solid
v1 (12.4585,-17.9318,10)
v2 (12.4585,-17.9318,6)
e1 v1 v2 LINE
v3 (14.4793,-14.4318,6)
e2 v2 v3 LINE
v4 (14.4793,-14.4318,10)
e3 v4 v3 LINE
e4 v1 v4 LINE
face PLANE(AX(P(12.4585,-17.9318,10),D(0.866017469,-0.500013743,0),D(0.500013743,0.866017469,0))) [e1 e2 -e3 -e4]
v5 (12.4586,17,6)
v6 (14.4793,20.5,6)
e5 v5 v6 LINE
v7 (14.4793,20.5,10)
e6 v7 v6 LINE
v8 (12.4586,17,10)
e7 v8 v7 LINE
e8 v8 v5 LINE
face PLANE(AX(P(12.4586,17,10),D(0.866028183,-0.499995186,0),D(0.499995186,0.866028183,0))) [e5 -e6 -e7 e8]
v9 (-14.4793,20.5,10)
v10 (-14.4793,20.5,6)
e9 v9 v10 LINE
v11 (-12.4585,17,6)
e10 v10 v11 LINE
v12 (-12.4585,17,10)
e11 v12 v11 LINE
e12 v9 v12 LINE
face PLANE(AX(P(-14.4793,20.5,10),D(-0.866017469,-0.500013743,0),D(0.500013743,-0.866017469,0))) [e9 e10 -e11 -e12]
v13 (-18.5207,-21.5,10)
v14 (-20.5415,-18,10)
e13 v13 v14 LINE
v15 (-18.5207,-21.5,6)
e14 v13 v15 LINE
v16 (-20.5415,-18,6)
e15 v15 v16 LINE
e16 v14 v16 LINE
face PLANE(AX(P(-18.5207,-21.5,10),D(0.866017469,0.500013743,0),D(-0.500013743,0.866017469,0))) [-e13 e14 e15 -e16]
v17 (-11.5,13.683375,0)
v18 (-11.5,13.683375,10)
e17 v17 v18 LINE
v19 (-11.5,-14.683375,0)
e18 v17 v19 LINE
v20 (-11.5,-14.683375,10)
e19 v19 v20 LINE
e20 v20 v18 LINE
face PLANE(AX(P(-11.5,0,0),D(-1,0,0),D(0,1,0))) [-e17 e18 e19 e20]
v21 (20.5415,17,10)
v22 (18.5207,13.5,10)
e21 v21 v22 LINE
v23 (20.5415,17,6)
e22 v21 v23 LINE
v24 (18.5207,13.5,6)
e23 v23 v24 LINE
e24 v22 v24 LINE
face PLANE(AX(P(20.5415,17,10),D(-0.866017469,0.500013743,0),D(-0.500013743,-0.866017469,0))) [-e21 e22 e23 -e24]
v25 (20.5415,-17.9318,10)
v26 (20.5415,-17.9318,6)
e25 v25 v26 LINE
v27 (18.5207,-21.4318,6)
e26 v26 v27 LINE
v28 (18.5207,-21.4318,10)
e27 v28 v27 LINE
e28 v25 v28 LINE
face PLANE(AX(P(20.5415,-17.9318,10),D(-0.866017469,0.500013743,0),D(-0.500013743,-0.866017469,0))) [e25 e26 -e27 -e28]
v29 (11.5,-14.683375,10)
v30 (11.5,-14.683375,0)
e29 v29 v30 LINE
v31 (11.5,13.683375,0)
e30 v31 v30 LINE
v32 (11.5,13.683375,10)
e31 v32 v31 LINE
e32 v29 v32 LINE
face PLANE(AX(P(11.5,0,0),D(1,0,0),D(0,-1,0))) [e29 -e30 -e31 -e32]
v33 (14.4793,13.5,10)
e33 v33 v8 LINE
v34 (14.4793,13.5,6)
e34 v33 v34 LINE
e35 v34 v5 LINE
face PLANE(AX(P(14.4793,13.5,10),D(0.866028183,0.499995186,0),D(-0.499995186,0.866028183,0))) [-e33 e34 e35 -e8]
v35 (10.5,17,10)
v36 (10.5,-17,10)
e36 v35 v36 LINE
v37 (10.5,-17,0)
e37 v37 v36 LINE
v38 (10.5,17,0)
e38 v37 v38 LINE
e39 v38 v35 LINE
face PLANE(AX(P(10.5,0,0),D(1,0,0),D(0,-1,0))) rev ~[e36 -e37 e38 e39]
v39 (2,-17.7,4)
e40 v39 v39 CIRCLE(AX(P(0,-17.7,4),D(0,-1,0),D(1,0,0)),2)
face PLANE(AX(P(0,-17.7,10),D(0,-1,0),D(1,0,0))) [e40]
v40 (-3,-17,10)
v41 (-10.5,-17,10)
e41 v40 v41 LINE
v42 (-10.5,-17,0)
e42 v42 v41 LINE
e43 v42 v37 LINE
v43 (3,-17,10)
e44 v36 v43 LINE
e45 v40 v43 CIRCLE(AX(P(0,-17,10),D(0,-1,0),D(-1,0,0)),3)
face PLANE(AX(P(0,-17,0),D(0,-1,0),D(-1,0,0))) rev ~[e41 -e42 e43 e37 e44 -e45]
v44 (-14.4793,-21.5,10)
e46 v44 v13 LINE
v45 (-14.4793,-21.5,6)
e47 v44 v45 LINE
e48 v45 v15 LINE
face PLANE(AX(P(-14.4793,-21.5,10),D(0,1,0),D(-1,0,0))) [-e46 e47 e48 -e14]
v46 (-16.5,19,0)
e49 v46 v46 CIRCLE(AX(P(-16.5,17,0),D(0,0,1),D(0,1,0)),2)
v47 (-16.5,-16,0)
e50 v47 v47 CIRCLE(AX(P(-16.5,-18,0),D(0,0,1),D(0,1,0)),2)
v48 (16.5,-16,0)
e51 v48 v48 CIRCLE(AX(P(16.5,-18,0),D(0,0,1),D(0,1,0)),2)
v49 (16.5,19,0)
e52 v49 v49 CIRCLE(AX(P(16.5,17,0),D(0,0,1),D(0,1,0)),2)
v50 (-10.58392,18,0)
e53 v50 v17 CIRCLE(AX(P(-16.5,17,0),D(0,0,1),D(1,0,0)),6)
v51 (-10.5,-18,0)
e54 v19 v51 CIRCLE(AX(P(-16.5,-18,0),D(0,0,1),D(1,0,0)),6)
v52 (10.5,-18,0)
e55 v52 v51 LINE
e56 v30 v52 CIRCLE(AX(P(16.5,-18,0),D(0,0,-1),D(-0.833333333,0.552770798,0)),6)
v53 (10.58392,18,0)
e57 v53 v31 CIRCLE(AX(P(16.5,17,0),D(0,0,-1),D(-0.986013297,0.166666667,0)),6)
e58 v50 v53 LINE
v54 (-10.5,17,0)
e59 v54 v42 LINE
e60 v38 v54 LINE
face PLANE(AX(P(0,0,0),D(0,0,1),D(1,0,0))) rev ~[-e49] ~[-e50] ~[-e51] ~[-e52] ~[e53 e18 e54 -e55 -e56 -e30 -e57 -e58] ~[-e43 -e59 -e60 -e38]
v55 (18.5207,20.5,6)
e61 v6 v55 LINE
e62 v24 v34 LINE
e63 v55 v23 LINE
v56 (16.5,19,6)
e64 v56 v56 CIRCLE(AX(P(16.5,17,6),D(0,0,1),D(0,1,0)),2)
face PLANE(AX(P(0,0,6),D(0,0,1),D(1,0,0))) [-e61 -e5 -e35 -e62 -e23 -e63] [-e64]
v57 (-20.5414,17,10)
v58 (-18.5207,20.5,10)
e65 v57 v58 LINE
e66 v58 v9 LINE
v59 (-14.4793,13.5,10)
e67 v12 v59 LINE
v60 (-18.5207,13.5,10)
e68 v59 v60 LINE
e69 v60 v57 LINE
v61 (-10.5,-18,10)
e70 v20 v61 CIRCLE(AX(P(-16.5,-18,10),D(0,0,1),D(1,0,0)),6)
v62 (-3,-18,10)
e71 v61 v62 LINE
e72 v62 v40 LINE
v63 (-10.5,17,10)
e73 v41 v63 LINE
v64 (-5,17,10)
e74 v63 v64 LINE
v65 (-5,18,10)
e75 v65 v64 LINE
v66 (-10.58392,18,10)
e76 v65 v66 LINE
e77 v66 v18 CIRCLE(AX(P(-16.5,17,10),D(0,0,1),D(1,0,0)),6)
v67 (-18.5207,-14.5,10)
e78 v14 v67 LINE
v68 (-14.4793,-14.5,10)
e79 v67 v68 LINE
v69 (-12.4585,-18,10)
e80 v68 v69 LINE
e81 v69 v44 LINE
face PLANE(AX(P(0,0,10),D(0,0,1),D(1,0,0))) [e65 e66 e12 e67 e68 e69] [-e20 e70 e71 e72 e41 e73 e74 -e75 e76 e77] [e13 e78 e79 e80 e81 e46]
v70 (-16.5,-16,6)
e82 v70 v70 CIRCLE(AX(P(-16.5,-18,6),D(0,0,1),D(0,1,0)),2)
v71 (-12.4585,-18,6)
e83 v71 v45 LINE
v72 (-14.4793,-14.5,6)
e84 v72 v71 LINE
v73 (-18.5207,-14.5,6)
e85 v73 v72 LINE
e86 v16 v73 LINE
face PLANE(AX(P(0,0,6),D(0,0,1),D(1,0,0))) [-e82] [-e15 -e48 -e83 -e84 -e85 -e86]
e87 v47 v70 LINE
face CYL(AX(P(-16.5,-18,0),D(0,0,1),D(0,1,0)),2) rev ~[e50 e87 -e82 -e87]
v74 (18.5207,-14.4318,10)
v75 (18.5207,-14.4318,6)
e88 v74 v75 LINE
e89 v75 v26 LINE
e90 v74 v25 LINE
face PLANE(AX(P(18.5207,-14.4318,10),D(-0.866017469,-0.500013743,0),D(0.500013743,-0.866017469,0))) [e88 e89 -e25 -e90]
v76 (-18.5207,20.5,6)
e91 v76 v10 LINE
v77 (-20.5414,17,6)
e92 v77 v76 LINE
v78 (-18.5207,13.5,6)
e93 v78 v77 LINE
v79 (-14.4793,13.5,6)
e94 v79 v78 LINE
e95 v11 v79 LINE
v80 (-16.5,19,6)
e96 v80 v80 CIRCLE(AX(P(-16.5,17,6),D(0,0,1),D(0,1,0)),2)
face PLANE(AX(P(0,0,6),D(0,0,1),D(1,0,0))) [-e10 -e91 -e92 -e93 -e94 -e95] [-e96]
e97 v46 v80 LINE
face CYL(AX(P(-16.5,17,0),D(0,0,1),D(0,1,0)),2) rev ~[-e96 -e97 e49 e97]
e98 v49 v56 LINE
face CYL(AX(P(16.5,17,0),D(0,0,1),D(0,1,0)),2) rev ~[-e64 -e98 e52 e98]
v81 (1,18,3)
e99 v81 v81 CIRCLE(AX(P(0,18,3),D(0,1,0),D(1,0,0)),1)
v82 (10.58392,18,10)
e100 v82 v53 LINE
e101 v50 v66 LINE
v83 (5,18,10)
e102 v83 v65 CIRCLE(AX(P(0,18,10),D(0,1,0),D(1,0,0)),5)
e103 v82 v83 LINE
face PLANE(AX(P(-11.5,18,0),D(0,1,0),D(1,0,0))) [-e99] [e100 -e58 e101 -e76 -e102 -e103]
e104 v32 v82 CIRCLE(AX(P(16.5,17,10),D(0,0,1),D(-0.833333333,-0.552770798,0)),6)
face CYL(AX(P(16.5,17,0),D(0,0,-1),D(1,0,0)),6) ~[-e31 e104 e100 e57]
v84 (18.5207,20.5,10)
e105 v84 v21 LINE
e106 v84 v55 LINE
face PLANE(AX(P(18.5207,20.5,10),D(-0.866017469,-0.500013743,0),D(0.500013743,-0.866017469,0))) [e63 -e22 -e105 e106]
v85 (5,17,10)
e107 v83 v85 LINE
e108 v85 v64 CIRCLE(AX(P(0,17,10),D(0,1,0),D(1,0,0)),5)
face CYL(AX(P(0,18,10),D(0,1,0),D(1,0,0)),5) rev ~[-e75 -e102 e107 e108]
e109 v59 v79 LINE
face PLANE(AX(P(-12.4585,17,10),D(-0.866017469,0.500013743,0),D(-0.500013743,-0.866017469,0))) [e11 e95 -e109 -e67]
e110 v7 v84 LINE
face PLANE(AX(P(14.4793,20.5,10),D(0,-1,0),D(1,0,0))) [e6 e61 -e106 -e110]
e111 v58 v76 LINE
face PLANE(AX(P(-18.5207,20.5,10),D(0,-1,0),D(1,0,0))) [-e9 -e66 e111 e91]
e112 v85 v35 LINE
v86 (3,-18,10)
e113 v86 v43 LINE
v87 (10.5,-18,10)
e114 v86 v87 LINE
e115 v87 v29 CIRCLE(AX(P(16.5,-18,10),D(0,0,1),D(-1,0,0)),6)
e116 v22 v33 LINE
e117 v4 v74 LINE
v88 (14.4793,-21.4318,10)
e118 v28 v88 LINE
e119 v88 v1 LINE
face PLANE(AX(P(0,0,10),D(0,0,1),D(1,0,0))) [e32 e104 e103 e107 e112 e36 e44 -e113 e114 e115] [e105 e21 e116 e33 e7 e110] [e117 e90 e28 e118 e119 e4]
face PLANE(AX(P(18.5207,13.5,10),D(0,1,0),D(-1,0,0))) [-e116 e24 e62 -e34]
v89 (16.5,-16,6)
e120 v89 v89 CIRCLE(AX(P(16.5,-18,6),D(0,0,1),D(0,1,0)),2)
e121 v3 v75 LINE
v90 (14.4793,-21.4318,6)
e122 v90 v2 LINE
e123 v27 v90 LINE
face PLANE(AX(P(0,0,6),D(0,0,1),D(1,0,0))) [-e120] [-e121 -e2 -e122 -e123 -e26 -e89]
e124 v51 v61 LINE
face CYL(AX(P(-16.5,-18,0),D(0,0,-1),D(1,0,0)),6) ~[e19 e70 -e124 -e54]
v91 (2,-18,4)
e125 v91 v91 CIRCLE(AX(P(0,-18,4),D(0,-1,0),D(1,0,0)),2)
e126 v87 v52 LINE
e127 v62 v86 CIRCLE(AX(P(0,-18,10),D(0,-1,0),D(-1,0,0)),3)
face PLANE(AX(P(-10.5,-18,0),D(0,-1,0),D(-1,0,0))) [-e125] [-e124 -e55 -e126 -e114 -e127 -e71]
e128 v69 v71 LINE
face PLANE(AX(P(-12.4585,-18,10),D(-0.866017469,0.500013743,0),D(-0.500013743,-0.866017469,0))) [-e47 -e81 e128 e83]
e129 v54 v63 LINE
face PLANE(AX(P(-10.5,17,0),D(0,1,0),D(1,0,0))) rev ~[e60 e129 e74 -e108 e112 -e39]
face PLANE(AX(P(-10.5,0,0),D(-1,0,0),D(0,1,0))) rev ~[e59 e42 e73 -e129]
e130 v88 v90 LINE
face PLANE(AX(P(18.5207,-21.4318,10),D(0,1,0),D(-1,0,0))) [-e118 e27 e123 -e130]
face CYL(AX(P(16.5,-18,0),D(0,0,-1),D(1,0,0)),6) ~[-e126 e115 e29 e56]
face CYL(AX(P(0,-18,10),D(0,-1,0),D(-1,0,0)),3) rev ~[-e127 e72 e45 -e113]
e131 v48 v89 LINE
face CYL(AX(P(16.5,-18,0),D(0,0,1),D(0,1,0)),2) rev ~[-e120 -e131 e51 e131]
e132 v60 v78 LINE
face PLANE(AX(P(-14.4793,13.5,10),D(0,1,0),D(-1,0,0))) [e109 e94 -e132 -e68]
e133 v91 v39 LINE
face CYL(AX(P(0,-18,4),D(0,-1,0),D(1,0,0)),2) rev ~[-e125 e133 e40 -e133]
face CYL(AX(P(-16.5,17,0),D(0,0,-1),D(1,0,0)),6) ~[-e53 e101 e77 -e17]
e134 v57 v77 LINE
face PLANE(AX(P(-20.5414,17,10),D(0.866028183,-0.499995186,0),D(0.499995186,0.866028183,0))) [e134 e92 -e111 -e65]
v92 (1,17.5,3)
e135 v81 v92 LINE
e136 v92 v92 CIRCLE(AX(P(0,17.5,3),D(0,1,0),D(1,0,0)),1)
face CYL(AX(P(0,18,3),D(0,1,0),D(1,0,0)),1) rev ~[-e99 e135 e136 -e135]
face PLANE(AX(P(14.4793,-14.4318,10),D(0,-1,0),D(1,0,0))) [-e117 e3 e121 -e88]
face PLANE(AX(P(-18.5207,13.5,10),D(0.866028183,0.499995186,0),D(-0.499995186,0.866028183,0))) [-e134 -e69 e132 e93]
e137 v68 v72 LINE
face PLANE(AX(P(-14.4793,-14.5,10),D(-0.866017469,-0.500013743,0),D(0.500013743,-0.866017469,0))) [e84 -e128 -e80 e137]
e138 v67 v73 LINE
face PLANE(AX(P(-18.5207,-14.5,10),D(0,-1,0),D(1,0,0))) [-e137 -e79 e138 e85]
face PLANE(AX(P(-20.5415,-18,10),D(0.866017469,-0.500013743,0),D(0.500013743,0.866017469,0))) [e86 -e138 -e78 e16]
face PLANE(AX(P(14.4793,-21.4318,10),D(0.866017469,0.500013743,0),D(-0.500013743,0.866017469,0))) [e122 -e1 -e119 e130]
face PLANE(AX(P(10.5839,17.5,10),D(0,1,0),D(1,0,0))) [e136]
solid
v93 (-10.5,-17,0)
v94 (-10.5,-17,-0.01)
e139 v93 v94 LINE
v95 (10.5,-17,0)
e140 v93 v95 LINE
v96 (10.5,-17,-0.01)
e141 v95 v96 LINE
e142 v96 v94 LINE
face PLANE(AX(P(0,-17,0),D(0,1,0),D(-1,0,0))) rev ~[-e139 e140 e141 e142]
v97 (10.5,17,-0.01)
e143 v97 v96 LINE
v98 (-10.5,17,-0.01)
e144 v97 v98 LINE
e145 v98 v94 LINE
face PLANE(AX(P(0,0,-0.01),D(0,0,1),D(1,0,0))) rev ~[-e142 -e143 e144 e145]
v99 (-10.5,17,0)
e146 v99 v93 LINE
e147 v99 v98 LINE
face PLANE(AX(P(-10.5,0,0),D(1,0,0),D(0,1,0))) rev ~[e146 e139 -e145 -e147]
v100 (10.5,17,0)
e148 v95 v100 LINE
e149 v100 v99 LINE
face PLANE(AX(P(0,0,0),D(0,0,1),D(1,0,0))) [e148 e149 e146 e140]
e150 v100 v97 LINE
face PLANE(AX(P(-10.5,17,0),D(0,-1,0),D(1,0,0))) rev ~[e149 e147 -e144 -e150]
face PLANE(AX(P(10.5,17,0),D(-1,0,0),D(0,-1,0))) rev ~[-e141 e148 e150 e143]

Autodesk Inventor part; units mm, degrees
ref_plane "YZ Plane" through (0, 0, 0) normal (1, 0, 0) x (0, 1, 0)
ref_plane "XZ Plane" through (0, 0, 0) normal (0, 1, 0) x (-1, 0, 0)
ref_plane "XY Plane" through (0, 0, 0) normal (0, 0, 1) x (1, 0, 0)
sketch "Sketch1" plane through (0, 0, 0) normal (0, 0, 1) x (1, 0, 0)
  line L0 (-31.5, 0) -> (31.5, 0) projected
  line L1 (0, -33.4) -> (0, 32.4) projected
  line L2 (-10.5, 17) -> (10.5, 17)
  line L3 (10.5, 17) -> (10.5, -17)
  line L4 (10.5, -17) -> (-10.5, -17)
  line L5 (-10.5, -17) -> (-10.5, 17)
  line L6 (-10.5, 17) -> (10.5, -17) construction
  line L7 (10.5, 17) -> (-10.5, -17) construction
  line L8 (-11.5, 18) -> (11.5, 18)
  line L9 (11.5, 18) -> (11.5, -18)
  line L10 (11.5, -18) -> (-11.5, -18)
  line L11 (-11.5, -18) -> (-11.5, 18)
  line L12 (-11.5, 18) -> (11.5, -18) construction
  line L13 (11.5, 18) -> (-11.5, -18) construction
  circle A0 centre (16.5, 17) radius 6
  circle A1 centre (16.5, -18) radius 6
  line L14 (18.5207, 13.5) -> (14.4793, 13.5)
  line L15 (14.4793, 13.5) -> (12.4585, 17)
  line L16 (12.4585, 17) -> (14.4793, 20.5)
  line L17 (14.4793, 20.5) -> (18.5207, 20.5)
  line L18 (18.5207, 20.5) -> (20.5415, 17)
  line L19 (20.5415, 17) -> (18.5207, 13.5)
  line L20 (18.5207, -21.5) -> (14.4793, -21.5)
  line L21 (14.4793, -21.5) -> (12.4585, -18)
  line L22 (12.4585, -18) -> (14.4793, -14.5)
  line L23 (14.4793, -14.5) -> (18.5207, -14.5)
  line L24 (18.5207, -14.5) -> (20.5415, -18)
  line L25 (20.5415, -18) -> (18.5207, -21.5)
  circle A2 centre (-16.5, -18) radius 6
  circle A3 centre (-16.5, 17) radius 6
  point P0 (0, 0)
  point P1 (-11.5, -14.6834)
  point P2 (-10.5, -18)
  point P3 (-10.5839, 18)
  point P4 (-11.5, 13.6834)
  dimension "d0" = 21
  dimension "d1" = 34
  dimension "d2" = 23
  dimension "d3" = 36
  dimension "d13" = 12
  dimension "d14" = 12
  dimension "d15" = 47
  dimension "d16" = 0
  dimension "d18" = 7
  dimension "d19" = 7
extrude "Extrusion1" add sketch "Sketch1" along normal blind 10 contours L11 A3 L5 L0 | L0 L5 L4 L1 L10 A2 L11 | A2 L10 L11 | L11 L8 A3 | A3 L8 L1 L2 | L3 A0 L9 L0 | L0 L9 A1 L10 L1 L4 L3 | L1 L8 A0 L2 | A0 L8 L9 | A1 L9 L10 picked at (-11.3172, -16.1332) picked at (-11.3172, 15.4666) picked at (11.3172, 15.4666) picked at (11.3172, -16.1332)
extrude "Extrusion2" add sketch "Sketch1" along normal blind 10 contours A0 L8 L9 | A0 L9 L8 | L14 L15 L16 L17 L18 L19
sketch "Sketch3" plane through (-11.5, -18, 10) normal (0, -1, 0) x (1, 0, 0)
  line L0 (23, 0) -> (0, 0) projected
  arc A0 (8.5, 0) -> (14.5, 0) centre (11.5, 0) ccw
  point P0 (11.5, -10)
  point P1 (14.5, 0)
  dimension "d36" = 3
  dimension "d108" = 6
extrude "Extrusion6" cut sketch "Sketch3" against normal up to surface (1 mm away)
sketch "Sketch4" plane through (-11.5, 18, 10) normal (0, 1, 0) x (1, 0, 0)
  arc A0 (14.5, 0) -> (8.5, 0) centre (11.5, 0) ccw projected
  line L0 (1, 0) -> (22, 0) projected
  arc A1 (16.5, 0) -> (6.5, 0) centre (11.5, 0) ccw
  point P0 (11.5, 10)
  point P1 (6.5, 0)
  dimension "d39" = 5
extrude "Extrusion7" cut sketch "Sketch4" against normal up to surface (1 mm away)
extrude "Extrusion8" add sketch "Sketch1" against normal blind 0.01 contours L5 L2 L1 L0 | L0 L1 L4 L5 | L1 L2 L3 L0 | L0 L3 L4 L1
hole "Hole2" at (16.5, 17, 0) direction (0, 0, 1) diameter 4 end through all
extrude "Extrusion10" add sketch "Sketch1" along normal blind 10 contours L11 L10 A2 picked at (-18.7986, -18.1791)
sketch "Sketch6" plane through (0, 0, 10) normal (0, 0, 1) x (1, 0, 0)
  line L0 (18.5207, 13.5) -> (14.4793, 13.5)
  line L1 (14.4793, 13.5) -> (12.4586, 17)
  line L2 (12.4586, 17) -> (14.4793, 20.5)
  line L3 (14.4793, 20.5) -> (18.5207, 20.5)
  line L4 (18.5207, 20.5) -> (20.5415, 17)
  line L5 (20.5415, 17) -> (18.5207, 13.5)
  line L6 (5, 17) -> (10.5, 17) projected
  point P0 (0, 0)
  point P1 (16.5, 17)
  dimension "d56" = 7
extrude "Extrusion11" cut sketch "Sketch6" against normal blind 4
extrude "Extrusion12" add sketch "Sketch1" along normal blind 10 contours A1 L9 L10 | L10 L9 A1 | L20 L21 L22 L23 L24 L25
hole "Hole3" at (16.5, -18, 0) direction (0, 0, 1) diameter 4 end through all
hole "Hole4" at (-16.5, -18, 0) direction (0, 0, 1) diameter 4 end through all
sketch "Sketch7" plane through (0, 0, 10) normal (0, 0, 1) x (1, 0, 0)
  line L0 (-14.4793, -21.5) -> (-18.5207, -21.5)
  line L1 (-18.5207, -21.5) -> (-20.5415, -18)
  line L2 (-20.5415, -18) -> (-18.5207, -14.5)
  line L3 (-18.5207, -14.5) -> (-14.4793, -14.5)
  line L4 (-14.4793, -14.5) -> (-12.4585, -18)
  line L5 (-12.4585, -18) -> (-14.4793, -21.5)
  line L6 (-10.5, -18) -> (-3, -18) projected
  line L7 (-10.5, 17) -> (-5, 17) projected
  point P0 (0, 0)
  point P1 (-16.5, -18)
  dimension "d75" = 7
  dimension "d78" = 31.5
  dimension "d79" = 19.7894
extrude "Extrusion13" add sketch "Sketch1" along normal blind 10 contours A3 L8 L11 picked at (-18.6587, 16.2674)
sketch "Sketch8" plane through (0, 0, 10) normal (0, 0, 1) x (1, 0, 0)
  point P0 (0, 0)
hole "Hole5" at (-16.5, 17, 0) direction (0, 0, 1) diameter 4 end through all
sketch "Sketch9" plane through (0, 0, 10) normal (0, 0, 1) x (1, 0, 0)
  line L0 (-14.4793, 13.5) -> (-18.5207, 13.5)
  line L1 (-18.5207, 13.5) -> (-20.5414, 17)
  line L2 (-20.5414, 17) -> (-18.5207, 20.5)
  line L3 (-18.5207, 20.5) -> (-14.4793, 20.5)
  line L4 (-14.4793, 20.5) -> (-12.4585, 17)
  line L5 (-12.4585, 17) -> (-14.4793, 13.5)
  line L6 (-10.5, 17) -> (-5, 17) projected
  point P0 (0, 0)
  point P1 (-16.5, 17)
  dimension "d89" = 7
  dimension "d90" = 2.2894
extrude "Extrusion14" cut sketch "Sketch9" against normal blind 4
extrude "Extrusion15" cut sketch "Sketch7" against normal blind 4
sketch "Sketch10" plane through (0, 0, 10) normal (0, 0, 1) x (1, 0, 0)
  line L0 (18.5207, -21.4318) -> (14.4793, -21.4318)
  line L1 (14.4793, -21.4318) -> (12.4585, -17.9318)
  line L2 (12.4585, -17.9318) -> (14.4793, -14.4318)
  line L3 (14.4793, -14.4318) -> (18.5207, -14.4318)
  line L4 (18.5207, -14.4318) -> (20.5415, -17.9318)
  line L5 (20.5415, -17.9318) -> (18.5207, -21.4318)
  line L6 (3, -18) -> (10.5, -18) projected
  arc A0 (11.5, 13.6834) -> (10.5839, 18) centre (16.5, 17) ccw projected
  point P0 (0, 0)
  point P1 (16.5, -17.9318)
  dimension "d95" = 7
  dimension "d96" = 34.9318
  dimension "d97" = 13.9659
extrude "Extrusion16" cut sketch "Sketch10" against normal blind 4
sketch "Sketch11" plane through (0, -18, 10) normal (0, -1, 0) x (1, 0, 0)
  circle A0 centre (0, -6) radius 2
  line L0 (-10.5, -10) -> (10.5, -10) projected
  arc A1 (-3, 0) -> (3, 0) centre (0, 0) ccw projected
  point P0 (0, -10)
  dimension "d100" = 4
  dimension "d101" = 2
  dimension "d109" = 1
extrude "Extrusion17" cut sketch "Sketch11" against normal blind 0.3
sketch "Sketch12" plane through (10.5839, 18, 10) normal (0, 1, 0) x (1, 0, 0)
  circle A0 centre (-10.5839, 7) radius 1
  line L0 (0, 10) -> (-21.1678, 10) projected
  point P0 (-10.5839, 10)
  dimension "d110" = 2
  dimension "d111" = 3
extrude "Extrusion18" cut sketch "Sketch12" against normal blind 0.5
properties part number "uchwyt_maly_silnik" material "PC/ABS Plastic"
